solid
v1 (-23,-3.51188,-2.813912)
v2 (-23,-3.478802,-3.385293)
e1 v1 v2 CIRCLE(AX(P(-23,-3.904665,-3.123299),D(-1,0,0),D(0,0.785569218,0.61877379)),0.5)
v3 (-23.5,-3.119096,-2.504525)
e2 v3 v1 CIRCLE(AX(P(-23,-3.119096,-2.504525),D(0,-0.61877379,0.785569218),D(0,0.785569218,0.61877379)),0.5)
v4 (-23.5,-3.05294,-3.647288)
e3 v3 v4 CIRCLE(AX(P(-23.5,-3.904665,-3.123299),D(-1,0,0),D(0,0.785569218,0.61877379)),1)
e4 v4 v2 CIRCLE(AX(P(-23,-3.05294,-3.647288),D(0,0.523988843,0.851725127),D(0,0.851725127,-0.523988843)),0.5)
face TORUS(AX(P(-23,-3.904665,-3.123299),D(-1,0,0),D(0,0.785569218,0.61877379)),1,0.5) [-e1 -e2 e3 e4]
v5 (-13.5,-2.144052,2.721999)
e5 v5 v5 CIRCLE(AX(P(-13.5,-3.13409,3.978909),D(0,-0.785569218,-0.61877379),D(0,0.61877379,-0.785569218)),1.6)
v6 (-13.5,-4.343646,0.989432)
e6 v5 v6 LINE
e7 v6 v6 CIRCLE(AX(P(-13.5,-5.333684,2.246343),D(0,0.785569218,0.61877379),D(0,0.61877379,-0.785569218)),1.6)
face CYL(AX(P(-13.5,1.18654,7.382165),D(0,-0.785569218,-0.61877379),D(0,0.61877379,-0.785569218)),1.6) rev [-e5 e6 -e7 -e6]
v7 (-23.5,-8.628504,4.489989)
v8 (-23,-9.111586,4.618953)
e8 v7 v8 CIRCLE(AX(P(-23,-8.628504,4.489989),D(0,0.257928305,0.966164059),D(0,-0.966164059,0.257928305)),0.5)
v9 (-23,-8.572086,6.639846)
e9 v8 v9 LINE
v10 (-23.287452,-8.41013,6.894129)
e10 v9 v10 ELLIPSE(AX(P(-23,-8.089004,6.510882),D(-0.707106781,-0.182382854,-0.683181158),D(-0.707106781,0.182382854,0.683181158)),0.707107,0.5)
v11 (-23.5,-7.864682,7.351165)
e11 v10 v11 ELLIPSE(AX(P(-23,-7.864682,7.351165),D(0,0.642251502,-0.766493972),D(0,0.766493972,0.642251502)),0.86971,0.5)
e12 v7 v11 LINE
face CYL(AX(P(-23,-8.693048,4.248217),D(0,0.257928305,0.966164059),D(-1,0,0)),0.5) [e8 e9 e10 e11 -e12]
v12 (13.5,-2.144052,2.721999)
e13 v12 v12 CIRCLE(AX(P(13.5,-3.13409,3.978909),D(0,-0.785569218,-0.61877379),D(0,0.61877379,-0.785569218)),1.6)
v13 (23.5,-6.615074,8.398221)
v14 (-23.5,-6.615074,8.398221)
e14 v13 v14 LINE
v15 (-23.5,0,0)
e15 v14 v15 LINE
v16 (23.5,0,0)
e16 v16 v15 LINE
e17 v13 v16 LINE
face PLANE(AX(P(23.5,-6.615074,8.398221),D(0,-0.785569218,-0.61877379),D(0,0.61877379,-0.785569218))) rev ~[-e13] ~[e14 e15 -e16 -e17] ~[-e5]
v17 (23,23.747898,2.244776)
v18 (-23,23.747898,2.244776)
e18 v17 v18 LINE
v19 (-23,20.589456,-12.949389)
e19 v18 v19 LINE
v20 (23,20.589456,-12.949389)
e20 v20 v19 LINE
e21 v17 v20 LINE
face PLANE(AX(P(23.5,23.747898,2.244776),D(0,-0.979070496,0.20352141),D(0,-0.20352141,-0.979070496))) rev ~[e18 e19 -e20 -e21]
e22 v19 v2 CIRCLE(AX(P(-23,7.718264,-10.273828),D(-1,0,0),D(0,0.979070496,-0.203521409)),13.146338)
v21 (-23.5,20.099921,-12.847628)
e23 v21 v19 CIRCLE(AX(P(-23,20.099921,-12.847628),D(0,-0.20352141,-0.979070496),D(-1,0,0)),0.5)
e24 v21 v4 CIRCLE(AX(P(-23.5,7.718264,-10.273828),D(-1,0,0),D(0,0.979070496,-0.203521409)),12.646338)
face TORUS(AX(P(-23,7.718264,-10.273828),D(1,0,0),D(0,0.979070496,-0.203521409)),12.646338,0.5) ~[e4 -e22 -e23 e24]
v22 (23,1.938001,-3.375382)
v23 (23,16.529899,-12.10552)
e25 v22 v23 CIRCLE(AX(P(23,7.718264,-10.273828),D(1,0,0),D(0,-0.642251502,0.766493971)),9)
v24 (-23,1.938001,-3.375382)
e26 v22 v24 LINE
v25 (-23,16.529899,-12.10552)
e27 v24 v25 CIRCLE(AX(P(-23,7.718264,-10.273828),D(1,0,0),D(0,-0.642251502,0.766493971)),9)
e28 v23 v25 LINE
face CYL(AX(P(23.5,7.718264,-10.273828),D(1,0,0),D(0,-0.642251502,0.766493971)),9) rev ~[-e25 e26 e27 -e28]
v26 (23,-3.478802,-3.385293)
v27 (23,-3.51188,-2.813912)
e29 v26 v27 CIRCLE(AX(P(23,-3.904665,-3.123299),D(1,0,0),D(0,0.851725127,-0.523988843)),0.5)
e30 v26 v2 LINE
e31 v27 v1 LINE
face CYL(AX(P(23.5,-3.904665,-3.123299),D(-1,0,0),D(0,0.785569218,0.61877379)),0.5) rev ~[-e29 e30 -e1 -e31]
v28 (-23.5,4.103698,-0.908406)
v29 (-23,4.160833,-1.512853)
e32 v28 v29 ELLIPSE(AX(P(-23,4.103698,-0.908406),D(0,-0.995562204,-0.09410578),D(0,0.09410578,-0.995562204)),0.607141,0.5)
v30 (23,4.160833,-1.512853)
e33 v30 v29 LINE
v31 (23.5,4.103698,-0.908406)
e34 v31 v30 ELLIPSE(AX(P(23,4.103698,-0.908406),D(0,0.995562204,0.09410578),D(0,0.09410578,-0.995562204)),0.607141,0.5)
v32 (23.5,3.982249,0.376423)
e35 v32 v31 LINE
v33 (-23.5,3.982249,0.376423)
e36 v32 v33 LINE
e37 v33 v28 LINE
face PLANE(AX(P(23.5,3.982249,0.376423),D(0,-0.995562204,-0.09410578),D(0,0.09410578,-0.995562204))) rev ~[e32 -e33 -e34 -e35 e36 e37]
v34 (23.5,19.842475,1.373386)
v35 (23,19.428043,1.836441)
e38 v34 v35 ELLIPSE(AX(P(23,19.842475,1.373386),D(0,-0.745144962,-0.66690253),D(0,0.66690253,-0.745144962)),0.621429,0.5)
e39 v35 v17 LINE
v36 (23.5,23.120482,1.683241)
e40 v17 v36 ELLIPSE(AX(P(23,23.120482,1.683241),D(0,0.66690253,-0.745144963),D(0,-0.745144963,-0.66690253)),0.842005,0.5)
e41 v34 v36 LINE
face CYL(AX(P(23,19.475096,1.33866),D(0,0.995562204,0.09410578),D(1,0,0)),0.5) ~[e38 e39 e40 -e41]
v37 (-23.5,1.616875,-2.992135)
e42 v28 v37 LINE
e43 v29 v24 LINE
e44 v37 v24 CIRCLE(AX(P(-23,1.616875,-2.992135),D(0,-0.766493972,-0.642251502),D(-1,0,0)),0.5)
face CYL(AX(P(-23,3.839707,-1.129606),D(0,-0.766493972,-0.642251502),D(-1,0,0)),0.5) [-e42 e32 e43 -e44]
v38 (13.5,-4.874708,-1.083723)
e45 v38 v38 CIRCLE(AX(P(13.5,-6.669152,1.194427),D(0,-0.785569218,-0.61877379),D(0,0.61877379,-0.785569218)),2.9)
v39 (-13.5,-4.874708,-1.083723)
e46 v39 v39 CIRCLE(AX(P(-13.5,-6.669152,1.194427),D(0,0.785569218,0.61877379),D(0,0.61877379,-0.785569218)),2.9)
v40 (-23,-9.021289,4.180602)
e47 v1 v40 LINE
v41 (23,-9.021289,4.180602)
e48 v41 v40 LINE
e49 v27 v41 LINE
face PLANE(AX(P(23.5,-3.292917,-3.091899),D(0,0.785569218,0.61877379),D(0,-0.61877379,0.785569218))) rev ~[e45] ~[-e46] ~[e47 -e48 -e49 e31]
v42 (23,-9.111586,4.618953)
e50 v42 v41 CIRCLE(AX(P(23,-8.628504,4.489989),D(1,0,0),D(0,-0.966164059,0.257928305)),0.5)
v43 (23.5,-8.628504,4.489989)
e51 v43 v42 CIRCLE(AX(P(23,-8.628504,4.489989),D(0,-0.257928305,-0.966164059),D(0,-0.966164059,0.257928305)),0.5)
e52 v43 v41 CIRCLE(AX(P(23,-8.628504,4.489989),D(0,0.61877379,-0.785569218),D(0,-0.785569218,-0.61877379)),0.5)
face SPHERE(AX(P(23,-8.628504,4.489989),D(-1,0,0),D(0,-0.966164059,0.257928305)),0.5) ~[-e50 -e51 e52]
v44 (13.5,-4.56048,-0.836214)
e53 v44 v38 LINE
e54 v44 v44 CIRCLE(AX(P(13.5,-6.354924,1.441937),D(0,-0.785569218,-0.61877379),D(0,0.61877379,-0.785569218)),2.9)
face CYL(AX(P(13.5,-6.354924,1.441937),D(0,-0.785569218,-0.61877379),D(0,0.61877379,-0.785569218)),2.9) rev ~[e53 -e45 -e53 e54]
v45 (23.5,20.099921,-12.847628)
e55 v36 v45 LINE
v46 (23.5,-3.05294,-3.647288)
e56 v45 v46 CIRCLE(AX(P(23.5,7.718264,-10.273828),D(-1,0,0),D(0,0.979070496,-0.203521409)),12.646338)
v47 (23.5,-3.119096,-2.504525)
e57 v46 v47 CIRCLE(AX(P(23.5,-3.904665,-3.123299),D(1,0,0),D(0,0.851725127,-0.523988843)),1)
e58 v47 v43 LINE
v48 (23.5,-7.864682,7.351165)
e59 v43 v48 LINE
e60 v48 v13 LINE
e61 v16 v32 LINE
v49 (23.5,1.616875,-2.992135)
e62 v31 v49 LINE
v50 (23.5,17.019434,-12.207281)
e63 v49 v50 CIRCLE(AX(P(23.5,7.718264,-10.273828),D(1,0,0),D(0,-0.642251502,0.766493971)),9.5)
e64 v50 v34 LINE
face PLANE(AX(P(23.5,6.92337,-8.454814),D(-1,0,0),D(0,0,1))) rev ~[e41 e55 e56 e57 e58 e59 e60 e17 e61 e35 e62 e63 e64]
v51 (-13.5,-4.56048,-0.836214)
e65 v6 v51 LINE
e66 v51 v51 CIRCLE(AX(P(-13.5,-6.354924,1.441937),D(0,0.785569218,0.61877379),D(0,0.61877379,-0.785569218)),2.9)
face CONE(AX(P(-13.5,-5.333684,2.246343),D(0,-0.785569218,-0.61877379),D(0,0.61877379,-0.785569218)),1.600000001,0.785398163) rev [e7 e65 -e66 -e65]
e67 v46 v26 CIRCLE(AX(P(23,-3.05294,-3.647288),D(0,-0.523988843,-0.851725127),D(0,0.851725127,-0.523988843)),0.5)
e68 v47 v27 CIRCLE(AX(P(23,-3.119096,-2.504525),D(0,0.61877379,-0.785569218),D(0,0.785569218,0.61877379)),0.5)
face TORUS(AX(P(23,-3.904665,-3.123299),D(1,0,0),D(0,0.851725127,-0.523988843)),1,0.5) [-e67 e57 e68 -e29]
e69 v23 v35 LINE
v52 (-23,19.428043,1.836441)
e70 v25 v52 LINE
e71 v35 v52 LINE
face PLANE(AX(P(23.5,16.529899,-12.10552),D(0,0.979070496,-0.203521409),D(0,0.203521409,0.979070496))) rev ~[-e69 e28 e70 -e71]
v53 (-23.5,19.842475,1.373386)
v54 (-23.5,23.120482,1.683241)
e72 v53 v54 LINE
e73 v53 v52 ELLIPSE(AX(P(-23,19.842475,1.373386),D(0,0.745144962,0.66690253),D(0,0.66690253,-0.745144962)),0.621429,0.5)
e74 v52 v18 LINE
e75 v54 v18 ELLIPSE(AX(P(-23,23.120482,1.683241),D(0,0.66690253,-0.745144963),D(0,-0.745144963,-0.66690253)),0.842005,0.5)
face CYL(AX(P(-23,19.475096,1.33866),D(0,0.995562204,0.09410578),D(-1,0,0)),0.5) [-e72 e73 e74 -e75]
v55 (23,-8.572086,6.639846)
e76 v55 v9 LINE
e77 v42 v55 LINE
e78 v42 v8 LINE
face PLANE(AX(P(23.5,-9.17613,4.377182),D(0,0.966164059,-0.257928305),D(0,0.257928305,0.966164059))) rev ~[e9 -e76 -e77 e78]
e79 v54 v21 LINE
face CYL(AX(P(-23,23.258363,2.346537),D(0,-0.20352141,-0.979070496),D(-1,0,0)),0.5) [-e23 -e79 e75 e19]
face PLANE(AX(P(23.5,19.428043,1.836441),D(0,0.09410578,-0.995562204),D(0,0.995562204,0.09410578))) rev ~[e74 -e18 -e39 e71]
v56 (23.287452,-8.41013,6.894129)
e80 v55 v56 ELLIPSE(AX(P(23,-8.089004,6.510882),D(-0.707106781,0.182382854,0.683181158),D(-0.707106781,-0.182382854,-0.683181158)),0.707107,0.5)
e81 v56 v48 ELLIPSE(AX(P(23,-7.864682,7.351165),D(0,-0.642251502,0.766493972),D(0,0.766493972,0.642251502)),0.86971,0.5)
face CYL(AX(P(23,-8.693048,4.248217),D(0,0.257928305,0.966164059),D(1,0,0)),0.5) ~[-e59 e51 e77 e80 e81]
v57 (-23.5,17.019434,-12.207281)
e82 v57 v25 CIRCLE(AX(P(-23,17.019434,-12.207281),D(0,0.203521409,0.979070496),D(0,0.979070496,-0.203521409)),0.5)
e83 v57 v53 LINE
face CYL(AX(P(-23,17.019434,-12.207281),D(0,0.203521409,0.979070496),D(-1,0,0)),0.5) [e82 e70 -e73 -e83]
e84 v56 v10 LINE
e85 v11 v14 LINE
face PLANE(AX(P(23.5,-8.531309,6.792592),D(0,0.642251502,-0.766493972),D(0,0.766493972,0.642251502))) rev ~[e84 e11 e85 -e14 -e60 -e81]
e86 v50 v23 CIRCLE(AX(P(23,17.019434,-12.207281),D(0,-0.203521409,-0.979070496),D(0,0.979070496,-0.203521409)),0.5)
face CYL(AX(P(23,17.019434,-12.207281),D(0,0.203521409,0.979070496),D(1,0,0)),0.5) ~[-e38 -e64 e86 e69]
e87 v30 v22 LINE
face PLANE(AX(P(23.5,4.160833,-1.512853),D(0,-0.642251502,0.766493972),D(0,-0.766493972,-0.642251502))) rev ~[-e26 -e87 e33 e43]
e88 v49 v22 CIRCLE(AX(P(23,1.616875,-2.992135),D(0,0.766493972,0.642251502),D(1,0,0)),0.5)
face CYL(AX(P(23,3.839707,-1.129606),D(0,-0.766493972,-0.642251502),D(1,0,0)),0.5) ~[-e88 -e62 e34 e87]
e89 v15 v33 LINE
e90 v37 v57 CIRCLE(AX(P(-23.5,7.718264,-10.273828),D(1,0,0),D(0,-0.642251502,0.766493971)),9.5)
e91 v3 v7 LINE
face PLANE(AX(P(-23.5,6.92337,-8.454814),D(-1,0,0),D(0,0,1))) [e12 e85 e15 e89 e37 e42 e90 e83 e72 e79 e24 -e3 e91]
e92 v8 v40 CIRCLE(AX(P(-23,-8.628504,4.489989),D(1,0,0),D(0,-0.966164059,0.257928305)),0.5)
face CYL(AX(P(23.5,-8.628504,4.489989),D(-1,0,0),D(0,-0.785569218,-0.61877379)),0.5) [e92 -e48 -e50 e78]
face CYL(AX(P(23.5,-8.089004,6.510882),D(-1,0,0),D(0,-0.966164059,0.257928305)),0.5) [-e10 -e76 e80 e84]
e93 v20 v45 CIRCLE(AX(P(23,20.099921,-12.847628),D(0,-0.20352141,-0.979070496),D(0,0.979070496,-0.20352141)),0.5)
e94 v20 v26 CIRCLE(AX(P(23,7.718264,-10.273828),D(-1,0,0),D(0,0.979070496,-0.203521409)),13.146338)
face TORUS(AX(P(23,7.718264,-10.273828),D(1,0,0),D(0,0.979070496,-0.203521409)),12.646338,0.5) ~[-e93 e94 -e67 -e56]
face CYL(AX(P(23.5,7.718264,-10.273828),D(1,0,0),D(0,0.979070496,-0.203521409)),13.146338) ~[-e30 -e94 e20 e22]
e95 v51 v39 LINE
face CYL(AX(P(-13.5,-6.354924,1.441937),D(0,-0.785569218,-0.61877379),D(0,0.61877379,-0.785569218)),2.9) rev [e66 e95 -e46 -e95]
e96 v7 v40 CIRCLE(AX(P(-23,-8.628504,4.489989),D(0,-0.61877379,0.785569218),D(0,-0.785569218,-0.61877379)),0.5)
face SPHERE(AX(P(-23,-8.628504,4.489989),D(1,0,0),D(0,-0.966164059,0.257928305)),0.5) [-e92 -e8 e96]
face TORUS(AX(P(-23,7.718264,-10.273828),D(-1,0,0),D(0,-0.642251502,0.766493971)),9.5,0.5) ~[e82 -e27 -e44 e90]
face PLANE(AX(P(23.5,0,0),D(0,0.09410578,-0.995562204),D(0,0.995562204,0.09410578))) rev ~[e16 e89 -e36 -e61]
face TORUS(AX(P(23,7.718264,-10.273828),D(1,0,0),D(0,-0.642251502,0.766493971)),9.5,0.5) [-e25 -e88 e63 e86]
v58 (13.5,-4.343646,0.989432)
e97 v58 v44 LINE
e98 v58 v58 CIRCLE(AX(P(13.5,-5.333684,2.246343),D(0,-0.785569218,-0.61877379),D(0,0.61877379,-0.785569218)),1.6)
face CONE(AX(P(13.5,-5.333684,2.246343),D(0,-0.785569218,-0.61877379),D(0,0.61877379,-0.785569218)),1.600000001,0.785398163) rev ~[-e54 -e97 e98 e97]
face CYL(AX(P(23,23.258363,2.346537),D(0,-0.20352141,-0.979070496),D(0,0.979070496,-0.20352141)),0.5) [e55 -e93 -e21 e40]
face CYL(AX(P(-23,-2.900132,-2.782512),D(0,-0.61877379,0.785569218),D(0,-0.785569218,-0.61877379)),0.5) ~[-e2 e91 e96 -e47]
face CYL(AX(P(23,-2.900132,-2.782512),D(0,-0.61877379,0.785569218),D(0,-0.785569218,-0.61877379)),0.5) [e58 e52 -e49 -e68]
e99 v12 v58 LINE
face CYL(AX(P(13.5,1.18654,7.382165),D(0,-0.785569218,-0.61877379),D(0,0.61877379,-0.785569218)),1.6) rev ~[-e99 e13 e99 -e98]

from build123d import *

# Parameters (mm, degrees)
BOSS_EXTRU_1_DEPTH      = 23.5
BOSS_EXTRU_1_DEPTH_BACK = 23.5
CONG_1_R                = 0.5


with BuildPart() as part:
    # Esquisse1 → Boss.-Extru.1 (new, two sides: drawn at the far end of the back side and taken through both)
    with BuildSketch(Plane.ZY.offset(-BOSS_EXTRU_1_DEPTH_BACK)):
        with BuildLine():
            Line((-3.091898803, -3.292916778), (4.377181629, -9.176129997))
            Line((4.377181629, -9.176129997), (6.792591777, -8.531309234))
            Line((6.792591777, -8.531309234), (8.398220531, -6.615074305))
            Line((8.398220531, -6.615074305), (0, 0))
            Line((0, 0), (0.37642312, 3.982248816))
            Line((0.37642312, 3.982248816), (-1.512852543, 4.160833097))
            Line((-1.512852543, 4.160833097), (-3.375381898, 1.938000579))
            ThreePointArc((-3.375381898, 1.938000579), (-17.997095622, 3.097535614), (-12.105520327, 16.529898559))
            Line((-12.105520327, 16.529898559), (1.836440879, 19.428042878))
            Line((1.836440879, 19.428042878), (2.244776367, 23.747898452))
            Line((2.244776367, 23.747898452), (-12.949388907, 20.589455882))
            ThreePointArc((-12.949388907, 20.589455882), (-22.425731532, 2.702545011), (-3.091898803, -3.292916778))
        make_face()
    extrude(amount=BOSS_EXTRU_1_DEPTH + BOSS_EXTRU_1_DEPTH_BACK)

    # Esquisse2 → Fraisage pour vis à tête fraisée M31 (revolve, cut)
    with BuildSketch(Plane(origin=(-13.5, -6.669151695, 1.19442726), x_dir=(0, 0.6187737902502314, -0.7855692181465379), z_dir=(1, 0, 0))):
        Polygon((0, 0), (0, 10.96137699), (1.6, 10), (1.6, 1.7), (2.9, 0.4), (2.9, 0), align=None)
    fraisage_pour_vis_t_te_frais_e_m31 = revolve(axis=Axis((-13.5, -11.657516231, -2.734786308), (0, 0.7855692181465378, 0.6187737902502314)), mode=Mode.SUBTRACT)

    # Symétrie1: Fraisage pour vis à tête fraisée M31 across plane
    add(fraisage_pour_vis_t_te_frais_e_m31.mirror(Plane(origin=(0, 0, 0), x_dir=(0, 0, 1), z_dir=(1, 0, 0))), mode=Mode.SUBTRACT)

    # Congé1
    cong_1_edges = [part.edges().sort_by_distance(p)[0] for p in [
        (-23.5, 22.168677167, -5.35230627),
        (0, -8.531309234, 6.792591777),
        (0, -9.176129997, 4.377181629),
        (0, -3.292916778, -3.091898803),
        (-23.5, 21.587970665, 2.040608623),
        (-23.5, 17.978970719, -5.134539724),
        (-23.5, 3.097535614, -17.997095622),
        (-23.5, 3.049416838, -2.44411722),
        (-23.5, -8.853719615, 5.584886703),
        (-23.5, -6.234523387, 0.642641413),
        (-23.5, 2.702545011, -22.425731532),
        (23.5, 2.702545011, -22.425731532),
        (23.5, 22.168677167, -5.35230627),
        (23.5, 21.587970665, 2.040608623),
        (23.5, 17.978970719, -5.134539724),
        (23.5, 3.097535614, -17.997095622),
        (23.5, 3.049416838, -2.44411722),
        (23.5, -8.853719615, 5.584886703),
        (23.5, -6.234523387, 0.642641413),
    ]]
    fillet(cong_1_edges, radius=CONG_1_R)


solid = part.part
